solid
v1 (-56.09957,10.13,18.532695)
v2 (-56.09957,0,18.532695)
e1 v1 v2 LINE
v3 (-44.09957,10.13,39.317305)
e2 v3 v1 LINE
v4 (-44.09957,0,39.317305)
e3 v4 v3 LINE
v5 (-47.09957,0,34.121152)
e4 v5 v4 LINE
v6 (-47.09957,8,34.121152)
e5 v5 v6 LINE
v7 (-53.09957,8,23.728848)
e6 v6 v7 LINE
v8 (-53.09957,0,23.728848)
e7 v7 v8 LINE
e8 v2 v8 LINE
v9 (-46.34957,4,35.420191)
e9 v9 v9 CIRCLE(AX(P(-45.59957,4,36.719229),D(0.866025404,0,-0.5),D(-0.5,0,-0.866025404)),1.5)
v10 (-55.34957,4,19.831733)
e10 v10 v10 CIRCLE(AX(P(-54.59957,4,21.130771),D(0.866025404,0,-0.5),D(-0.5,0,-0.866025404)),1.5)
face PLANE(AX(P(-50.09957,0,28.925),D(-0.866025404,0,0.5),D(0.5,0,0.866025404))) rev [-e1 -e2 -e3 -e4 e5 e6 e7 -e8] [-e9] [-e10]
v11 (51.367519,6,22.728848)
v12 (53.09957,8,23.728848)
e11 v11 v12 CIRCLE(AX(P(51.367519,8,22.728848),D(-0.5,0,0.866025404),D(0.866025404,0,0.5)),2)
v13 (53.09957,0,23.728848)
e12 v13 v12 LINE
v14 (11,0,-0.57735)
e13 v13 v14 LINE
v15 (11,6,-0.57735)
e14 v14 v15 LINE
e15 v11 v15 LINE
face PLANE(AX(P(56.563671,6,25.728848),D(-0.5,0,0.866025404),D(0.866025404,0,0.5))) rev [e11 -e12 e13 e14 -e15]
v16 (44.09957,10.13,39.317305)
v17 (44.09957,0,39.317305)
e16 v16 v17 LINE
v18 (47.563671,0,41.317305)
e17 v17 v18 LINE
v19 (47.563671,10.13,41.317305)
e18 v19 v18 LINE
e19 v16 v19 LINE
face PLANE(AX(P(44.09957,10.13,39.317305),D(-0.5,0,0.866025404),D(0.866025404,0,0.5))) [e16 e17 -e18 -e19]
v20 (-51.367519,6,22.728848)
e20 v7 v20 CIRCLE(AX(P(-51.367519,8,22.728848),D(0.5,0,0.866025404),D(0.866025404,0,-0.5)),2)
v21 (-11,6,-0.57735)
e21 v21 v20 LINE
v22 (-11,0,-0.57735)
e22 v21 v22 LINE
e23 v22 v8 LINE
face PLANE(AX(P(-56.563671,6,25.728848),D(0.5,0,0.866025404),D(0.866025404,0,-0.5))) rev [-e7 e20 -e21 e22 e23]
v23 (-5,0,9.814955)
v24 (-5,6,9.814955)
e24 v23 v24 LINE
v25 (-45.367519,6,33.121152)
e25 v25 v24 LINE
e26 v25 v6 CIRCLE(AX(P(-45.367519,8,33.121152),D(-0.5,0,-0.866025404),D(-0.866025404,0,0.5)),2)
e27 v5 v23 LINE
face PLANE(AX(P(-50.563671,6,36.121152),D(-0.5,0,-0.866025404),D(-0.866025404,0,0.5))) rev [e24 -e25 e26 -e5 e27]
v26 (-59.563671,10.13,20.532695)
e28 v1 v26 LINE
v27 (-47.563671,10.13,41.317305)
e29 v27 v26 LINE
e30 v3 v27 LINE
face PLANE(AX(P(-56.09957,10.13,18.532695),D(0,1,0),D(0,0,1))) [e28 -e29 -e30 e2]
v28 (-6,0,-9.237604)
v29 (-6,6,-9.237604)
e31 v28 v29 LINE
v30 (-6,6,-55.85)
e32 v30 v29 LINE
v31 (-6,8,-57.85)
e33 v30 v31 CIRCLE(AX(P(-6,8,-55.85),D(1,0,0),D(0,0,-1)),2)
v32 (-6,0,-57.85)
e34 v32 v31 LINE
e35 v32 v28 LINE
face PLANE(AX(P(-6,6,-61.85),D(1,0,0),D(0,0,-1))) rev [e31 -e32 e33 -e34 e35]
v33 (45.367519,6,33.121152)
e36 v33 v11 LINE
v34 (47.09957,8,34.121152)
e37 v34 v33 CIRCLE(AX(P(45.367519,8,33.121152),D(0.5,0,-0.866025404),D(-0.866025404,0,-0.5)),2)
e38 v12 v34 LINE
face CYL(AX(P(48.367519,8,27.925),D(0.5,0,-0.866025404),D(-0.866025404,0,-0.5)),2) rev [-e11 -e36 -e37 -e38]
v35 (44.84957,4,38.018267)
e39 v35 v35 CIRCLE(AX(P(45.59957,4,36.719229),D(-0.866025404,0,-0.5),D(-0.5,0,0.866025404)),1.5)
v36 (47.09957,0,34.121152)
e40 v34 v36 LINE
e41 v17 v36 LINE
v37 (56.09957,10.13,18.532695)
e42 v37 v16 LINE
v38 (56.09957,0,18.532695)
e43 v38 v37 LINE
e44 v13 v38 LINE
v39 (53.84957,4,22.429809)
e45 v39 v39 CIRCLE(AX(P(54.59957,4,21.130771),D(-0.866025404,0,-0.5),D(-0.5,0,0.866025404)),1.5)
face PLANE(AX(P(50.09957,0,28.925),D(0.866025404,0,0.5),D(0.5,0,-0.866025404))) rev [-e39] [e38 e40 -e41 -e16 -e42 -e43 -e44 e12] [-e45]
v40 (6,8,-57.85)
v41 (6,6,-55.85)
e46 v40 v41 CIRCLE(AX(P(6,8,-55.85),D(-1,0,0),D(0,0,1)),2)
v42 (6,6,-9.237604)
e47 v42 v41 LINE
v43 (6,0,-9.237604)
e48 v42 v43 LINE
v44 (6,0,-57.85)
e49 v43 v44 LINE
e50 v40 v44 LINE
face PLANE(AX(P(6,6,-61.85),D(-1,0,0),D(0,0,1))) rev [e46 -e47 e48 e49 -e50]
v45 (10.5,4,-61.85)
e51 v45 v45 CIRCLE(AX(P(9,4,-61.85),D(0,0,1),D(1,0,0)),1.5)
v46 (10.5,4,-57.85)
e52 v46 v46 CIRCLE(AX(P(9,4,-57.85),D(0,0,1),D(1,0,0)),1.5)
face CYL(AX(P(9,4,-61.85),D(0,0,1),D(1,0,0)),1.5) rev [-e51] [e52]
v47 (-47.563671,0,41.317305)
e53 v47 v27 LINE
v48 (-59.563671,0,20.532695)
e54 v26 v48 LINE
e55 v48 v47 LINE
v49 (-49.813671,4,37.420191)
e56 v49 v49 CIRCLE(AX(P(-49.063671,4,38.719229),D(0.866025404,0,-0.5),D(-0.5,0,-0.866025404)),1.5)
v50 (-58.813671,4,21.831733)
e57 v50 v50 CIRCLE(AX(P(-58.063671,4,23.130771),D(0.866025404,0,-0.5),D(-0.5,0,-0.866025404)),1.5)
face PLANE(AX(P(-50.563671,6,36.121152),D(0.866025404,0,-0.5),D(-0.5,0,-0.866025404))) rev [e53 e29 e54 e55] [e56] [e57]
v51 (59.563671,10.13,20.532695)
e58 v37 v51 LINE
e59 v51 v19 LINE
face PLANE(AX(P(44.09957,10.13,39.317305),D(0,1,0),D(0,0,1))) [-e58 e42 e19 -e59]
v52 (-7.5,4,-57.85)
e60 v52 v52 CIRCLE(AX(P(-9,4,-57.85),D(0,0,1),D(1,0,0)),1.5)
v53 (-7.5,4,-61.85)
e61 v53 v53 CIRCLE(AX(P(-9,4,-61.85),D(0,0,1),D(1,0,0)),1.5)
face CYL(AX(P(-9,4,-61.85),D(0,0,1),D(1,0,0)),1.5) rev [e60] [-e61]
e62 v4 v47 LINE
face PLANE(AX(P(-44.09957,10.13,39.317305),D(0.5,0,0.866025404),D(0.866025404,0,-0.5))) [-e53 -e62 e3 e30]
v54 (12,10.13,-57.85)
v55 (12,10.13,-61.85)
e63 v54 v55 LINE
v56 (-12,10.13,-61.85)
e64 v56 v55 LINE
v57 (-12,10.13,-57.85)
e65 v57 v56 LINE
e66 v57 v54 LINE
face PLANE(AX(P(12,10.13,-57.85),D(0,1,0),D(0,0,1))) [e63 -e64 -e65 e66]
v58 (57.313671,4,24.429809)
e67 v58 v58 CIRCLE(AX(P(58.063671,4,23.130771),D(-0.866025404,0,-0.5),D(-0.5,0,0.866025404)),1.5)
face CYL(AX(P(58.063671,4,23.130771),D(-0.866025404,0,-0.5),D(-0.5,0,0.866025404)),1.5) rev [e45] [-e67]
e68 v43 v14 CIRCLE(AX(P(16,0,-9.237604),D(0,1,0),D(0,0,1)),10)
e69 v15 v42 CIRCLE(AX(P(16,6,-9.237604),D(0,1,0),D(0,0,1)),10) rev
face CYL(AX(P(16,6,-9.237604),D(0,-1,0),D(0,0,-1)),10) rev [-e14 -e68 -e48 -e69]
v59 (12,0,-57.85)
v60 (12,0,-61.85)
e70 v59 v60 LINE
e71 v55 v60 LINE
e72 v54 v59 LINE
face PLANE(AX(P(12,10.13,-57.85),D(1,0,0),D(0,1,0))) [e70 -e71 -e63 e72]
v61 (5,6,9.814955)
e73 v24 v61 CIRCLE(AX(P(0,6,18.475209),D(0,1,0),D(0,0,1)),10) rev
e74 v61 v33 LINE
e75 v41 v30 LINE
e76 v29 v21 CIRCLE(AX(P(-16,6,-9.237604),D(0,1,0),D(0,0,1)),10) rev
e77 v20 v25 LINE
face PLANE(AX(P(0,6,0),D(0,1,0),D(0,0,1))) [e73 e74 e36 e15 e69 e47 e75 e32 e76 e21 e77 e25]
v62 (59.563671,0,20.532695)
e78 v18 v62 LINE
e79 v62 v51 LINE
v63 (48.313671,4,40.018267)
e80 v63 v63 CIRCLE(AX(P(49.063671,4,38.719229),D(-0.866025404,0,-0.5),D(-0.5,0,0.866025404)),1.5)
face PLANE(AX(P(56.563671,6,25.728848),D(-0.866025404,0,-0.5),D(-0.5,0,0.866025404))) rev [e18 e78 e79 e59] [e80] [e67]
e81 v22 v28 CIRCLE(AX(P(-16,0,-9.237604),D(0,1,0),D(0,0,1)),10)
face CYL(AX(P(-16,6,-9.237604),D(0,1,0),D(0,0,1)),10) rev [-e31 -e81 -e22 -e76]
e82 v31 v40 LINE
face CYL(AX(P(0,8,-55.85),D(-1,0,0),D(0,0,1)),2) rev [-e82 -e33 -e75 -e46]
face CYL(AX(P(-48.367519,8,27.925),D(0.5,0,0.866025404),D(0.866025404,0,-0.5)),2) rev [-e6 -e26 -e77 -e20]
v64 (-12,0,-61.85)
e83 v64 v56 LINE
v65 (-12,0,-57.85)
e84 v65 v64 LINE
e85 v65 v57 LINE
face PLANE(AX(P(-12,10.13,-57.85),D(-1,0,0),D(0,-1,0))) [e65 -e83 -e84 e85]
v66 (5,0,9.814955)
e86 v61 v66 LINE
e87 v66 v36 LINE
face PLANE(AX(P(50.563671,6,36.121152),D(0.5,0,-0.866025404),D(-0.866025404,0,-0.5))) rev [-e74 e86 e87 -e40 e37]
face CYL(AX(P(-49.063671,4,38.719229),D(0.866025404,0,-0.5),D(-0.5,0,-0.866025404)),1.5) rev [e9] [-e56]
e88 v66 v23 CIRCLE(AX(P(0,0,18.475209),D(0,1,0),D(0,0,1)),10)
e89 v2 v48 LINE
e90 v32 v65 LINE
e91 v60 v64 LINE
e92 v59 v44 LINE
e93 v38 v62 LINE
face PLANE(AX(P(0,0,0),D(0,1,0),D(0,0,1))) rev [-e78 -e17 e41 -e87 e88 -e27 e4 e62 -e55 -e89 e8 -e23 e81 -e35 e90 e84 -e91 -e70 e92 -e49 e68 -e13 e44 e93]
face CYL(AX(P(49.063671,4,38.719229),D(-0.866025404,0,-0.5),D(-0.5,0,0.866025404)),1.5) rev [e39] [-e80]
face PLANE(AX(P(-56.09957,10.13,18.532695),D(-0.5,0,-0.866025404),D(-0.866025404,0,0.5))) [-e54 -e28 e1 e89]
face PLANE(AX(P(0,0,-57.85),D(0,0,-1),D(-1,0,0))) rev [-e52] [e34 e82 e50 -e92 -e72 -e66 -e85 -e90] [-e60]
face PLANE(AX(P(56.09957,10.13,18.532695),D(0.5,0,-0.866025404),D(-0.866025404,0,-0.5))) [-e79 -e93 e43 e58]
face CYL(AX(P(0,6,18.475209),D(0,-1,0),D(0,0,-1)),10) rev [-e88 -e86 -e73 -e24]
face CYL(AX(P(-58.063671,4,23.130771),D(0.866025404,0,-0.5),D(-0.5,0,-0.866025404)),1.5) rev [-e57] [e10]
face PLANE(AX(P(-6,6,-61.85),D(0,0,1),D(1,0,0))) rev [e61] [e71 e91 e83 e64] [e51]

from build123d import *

# Parameters (mm, degrees)
SKETCH_1_W                       = 12
SKETCH_1_H                       = 61.85
EXTRUDE_1_DEPTH                  = 6
SKETCH_2_W                       = 24
SKETCH_2_H                       = 10.13
EXTRUDE_2_DEPTH                  = 4
SKETCH_3_R                       = 1.5
CUT_EXTRUDE_1_DEPTH              = 4
FILLET_1_R                       = 2
PATTERN_CIRCULAR_1_COUNT         = 3
FILLET_1_OF_PATTERN_CIRCULAR_1_R = 2
FILLET_2_R                       = 10


with BuildPart() as part:
    # 草图1 → 凸台-拉伸1 (new body)
    with BuildSketch(Plane(origin=(0, 0, 0), x_dir=(1, 0, 0), z_dir=(0, 1, 0))):
        with Locations((0, 30.925)):
            Rectangle(SKETCH_1_W, SKETCH_1_H)
    extrude_1 = extrude(amount=EXTRUDE_1_DEPTH)

    # 草图2 → 凸台-拉伸2 (add)
    with BuildSketch(Plane(origin=(0, 0, -61.85), x_dir=(-1, 0, 0), z_dir=(0, 0, -1))):
        with Locations((0, 5.065)):
            Rectangle(SKETCH_2_W, SKETCH_2_H)
    extrude_2 = extrude(amount=-EXTRUDE_2_DEPTH)

    # 草图3 → 切除-拉伸1 (cut)
    with BuildSketch(Plane.XY.offset(-57.85)):
        with Locations((-9, 4)):
            Circle(SKETCH_3_R)
        with Locations((9, 4)):
            Circle(SKETCH_3_R)
    cut_extrude_1 = extrude(amount=-CUT_EXTRUDE_1_DEPTH, mode=Mode.SUBTRACT)

    # 圆角1
    fillet_1_edges = [part.edges().sort_by_distance(p)[0] for p in [
        (0, 6, -57.85),
    ]]
    fillet(fillet_1_edges, radius=FILLET_1_R)

    # 阵列(圆周)1: 凸台-拉伸1, 凸台-拉伸2, 切除-拉伸1 ×3 about axis
    pattern_circular_1_axis = Axis((0, 6.3, 0), (0, -1, 0))
    add([extrude_1.rotate(pattern_circular_1_axis, i * 360 / PATTERN_CIRCULAR_1_COUNT) for i in range(1, PATTERN_CIRCULAR_1_COUNT)])
    add([extrude_2.rotate(pattern_circular_1_axis, i * 360 / PATTERN_CIRCULAR_1_COUNT) for i in range(1, PATTERN_CIRCULAR_1_COUNT)])
    add([cut_extrude_1.rotate(pattern_circular_1_axis, i * 360 / PATTERN_CIRCULAR_1_COUNT) for i in range(1, PATTERN_CIRCULAR_1_COUNT)], mode=Mode.SUBTRACT)

    # 圆角1 of 阵列(圆周)1
    fillet_1_of_pattern_circular_1_edges = [part.edges().sort_by_distance(p)[0] for p in [
        (50.099569609, 6, 28.925),
        (-50.099569609, 6, 28.925),
    ]]
    fillet(fillet_1_of_pattern_circular_1_edges, radius=FILLET_1_OF_PATTERN_CIRCULAR_1_R)

    # 圆角2
    fillet_2_edges = [part.edges().sort_by_distance(p)[0] for p in [
        (-6, 3, -3.464101615),
        (6, 3, -3.464101615),
        (0, 3, 6.92820323),
    ]]
    fillet(fillet_2_edges, radius=FILLET_2_R)


solid = part.part
